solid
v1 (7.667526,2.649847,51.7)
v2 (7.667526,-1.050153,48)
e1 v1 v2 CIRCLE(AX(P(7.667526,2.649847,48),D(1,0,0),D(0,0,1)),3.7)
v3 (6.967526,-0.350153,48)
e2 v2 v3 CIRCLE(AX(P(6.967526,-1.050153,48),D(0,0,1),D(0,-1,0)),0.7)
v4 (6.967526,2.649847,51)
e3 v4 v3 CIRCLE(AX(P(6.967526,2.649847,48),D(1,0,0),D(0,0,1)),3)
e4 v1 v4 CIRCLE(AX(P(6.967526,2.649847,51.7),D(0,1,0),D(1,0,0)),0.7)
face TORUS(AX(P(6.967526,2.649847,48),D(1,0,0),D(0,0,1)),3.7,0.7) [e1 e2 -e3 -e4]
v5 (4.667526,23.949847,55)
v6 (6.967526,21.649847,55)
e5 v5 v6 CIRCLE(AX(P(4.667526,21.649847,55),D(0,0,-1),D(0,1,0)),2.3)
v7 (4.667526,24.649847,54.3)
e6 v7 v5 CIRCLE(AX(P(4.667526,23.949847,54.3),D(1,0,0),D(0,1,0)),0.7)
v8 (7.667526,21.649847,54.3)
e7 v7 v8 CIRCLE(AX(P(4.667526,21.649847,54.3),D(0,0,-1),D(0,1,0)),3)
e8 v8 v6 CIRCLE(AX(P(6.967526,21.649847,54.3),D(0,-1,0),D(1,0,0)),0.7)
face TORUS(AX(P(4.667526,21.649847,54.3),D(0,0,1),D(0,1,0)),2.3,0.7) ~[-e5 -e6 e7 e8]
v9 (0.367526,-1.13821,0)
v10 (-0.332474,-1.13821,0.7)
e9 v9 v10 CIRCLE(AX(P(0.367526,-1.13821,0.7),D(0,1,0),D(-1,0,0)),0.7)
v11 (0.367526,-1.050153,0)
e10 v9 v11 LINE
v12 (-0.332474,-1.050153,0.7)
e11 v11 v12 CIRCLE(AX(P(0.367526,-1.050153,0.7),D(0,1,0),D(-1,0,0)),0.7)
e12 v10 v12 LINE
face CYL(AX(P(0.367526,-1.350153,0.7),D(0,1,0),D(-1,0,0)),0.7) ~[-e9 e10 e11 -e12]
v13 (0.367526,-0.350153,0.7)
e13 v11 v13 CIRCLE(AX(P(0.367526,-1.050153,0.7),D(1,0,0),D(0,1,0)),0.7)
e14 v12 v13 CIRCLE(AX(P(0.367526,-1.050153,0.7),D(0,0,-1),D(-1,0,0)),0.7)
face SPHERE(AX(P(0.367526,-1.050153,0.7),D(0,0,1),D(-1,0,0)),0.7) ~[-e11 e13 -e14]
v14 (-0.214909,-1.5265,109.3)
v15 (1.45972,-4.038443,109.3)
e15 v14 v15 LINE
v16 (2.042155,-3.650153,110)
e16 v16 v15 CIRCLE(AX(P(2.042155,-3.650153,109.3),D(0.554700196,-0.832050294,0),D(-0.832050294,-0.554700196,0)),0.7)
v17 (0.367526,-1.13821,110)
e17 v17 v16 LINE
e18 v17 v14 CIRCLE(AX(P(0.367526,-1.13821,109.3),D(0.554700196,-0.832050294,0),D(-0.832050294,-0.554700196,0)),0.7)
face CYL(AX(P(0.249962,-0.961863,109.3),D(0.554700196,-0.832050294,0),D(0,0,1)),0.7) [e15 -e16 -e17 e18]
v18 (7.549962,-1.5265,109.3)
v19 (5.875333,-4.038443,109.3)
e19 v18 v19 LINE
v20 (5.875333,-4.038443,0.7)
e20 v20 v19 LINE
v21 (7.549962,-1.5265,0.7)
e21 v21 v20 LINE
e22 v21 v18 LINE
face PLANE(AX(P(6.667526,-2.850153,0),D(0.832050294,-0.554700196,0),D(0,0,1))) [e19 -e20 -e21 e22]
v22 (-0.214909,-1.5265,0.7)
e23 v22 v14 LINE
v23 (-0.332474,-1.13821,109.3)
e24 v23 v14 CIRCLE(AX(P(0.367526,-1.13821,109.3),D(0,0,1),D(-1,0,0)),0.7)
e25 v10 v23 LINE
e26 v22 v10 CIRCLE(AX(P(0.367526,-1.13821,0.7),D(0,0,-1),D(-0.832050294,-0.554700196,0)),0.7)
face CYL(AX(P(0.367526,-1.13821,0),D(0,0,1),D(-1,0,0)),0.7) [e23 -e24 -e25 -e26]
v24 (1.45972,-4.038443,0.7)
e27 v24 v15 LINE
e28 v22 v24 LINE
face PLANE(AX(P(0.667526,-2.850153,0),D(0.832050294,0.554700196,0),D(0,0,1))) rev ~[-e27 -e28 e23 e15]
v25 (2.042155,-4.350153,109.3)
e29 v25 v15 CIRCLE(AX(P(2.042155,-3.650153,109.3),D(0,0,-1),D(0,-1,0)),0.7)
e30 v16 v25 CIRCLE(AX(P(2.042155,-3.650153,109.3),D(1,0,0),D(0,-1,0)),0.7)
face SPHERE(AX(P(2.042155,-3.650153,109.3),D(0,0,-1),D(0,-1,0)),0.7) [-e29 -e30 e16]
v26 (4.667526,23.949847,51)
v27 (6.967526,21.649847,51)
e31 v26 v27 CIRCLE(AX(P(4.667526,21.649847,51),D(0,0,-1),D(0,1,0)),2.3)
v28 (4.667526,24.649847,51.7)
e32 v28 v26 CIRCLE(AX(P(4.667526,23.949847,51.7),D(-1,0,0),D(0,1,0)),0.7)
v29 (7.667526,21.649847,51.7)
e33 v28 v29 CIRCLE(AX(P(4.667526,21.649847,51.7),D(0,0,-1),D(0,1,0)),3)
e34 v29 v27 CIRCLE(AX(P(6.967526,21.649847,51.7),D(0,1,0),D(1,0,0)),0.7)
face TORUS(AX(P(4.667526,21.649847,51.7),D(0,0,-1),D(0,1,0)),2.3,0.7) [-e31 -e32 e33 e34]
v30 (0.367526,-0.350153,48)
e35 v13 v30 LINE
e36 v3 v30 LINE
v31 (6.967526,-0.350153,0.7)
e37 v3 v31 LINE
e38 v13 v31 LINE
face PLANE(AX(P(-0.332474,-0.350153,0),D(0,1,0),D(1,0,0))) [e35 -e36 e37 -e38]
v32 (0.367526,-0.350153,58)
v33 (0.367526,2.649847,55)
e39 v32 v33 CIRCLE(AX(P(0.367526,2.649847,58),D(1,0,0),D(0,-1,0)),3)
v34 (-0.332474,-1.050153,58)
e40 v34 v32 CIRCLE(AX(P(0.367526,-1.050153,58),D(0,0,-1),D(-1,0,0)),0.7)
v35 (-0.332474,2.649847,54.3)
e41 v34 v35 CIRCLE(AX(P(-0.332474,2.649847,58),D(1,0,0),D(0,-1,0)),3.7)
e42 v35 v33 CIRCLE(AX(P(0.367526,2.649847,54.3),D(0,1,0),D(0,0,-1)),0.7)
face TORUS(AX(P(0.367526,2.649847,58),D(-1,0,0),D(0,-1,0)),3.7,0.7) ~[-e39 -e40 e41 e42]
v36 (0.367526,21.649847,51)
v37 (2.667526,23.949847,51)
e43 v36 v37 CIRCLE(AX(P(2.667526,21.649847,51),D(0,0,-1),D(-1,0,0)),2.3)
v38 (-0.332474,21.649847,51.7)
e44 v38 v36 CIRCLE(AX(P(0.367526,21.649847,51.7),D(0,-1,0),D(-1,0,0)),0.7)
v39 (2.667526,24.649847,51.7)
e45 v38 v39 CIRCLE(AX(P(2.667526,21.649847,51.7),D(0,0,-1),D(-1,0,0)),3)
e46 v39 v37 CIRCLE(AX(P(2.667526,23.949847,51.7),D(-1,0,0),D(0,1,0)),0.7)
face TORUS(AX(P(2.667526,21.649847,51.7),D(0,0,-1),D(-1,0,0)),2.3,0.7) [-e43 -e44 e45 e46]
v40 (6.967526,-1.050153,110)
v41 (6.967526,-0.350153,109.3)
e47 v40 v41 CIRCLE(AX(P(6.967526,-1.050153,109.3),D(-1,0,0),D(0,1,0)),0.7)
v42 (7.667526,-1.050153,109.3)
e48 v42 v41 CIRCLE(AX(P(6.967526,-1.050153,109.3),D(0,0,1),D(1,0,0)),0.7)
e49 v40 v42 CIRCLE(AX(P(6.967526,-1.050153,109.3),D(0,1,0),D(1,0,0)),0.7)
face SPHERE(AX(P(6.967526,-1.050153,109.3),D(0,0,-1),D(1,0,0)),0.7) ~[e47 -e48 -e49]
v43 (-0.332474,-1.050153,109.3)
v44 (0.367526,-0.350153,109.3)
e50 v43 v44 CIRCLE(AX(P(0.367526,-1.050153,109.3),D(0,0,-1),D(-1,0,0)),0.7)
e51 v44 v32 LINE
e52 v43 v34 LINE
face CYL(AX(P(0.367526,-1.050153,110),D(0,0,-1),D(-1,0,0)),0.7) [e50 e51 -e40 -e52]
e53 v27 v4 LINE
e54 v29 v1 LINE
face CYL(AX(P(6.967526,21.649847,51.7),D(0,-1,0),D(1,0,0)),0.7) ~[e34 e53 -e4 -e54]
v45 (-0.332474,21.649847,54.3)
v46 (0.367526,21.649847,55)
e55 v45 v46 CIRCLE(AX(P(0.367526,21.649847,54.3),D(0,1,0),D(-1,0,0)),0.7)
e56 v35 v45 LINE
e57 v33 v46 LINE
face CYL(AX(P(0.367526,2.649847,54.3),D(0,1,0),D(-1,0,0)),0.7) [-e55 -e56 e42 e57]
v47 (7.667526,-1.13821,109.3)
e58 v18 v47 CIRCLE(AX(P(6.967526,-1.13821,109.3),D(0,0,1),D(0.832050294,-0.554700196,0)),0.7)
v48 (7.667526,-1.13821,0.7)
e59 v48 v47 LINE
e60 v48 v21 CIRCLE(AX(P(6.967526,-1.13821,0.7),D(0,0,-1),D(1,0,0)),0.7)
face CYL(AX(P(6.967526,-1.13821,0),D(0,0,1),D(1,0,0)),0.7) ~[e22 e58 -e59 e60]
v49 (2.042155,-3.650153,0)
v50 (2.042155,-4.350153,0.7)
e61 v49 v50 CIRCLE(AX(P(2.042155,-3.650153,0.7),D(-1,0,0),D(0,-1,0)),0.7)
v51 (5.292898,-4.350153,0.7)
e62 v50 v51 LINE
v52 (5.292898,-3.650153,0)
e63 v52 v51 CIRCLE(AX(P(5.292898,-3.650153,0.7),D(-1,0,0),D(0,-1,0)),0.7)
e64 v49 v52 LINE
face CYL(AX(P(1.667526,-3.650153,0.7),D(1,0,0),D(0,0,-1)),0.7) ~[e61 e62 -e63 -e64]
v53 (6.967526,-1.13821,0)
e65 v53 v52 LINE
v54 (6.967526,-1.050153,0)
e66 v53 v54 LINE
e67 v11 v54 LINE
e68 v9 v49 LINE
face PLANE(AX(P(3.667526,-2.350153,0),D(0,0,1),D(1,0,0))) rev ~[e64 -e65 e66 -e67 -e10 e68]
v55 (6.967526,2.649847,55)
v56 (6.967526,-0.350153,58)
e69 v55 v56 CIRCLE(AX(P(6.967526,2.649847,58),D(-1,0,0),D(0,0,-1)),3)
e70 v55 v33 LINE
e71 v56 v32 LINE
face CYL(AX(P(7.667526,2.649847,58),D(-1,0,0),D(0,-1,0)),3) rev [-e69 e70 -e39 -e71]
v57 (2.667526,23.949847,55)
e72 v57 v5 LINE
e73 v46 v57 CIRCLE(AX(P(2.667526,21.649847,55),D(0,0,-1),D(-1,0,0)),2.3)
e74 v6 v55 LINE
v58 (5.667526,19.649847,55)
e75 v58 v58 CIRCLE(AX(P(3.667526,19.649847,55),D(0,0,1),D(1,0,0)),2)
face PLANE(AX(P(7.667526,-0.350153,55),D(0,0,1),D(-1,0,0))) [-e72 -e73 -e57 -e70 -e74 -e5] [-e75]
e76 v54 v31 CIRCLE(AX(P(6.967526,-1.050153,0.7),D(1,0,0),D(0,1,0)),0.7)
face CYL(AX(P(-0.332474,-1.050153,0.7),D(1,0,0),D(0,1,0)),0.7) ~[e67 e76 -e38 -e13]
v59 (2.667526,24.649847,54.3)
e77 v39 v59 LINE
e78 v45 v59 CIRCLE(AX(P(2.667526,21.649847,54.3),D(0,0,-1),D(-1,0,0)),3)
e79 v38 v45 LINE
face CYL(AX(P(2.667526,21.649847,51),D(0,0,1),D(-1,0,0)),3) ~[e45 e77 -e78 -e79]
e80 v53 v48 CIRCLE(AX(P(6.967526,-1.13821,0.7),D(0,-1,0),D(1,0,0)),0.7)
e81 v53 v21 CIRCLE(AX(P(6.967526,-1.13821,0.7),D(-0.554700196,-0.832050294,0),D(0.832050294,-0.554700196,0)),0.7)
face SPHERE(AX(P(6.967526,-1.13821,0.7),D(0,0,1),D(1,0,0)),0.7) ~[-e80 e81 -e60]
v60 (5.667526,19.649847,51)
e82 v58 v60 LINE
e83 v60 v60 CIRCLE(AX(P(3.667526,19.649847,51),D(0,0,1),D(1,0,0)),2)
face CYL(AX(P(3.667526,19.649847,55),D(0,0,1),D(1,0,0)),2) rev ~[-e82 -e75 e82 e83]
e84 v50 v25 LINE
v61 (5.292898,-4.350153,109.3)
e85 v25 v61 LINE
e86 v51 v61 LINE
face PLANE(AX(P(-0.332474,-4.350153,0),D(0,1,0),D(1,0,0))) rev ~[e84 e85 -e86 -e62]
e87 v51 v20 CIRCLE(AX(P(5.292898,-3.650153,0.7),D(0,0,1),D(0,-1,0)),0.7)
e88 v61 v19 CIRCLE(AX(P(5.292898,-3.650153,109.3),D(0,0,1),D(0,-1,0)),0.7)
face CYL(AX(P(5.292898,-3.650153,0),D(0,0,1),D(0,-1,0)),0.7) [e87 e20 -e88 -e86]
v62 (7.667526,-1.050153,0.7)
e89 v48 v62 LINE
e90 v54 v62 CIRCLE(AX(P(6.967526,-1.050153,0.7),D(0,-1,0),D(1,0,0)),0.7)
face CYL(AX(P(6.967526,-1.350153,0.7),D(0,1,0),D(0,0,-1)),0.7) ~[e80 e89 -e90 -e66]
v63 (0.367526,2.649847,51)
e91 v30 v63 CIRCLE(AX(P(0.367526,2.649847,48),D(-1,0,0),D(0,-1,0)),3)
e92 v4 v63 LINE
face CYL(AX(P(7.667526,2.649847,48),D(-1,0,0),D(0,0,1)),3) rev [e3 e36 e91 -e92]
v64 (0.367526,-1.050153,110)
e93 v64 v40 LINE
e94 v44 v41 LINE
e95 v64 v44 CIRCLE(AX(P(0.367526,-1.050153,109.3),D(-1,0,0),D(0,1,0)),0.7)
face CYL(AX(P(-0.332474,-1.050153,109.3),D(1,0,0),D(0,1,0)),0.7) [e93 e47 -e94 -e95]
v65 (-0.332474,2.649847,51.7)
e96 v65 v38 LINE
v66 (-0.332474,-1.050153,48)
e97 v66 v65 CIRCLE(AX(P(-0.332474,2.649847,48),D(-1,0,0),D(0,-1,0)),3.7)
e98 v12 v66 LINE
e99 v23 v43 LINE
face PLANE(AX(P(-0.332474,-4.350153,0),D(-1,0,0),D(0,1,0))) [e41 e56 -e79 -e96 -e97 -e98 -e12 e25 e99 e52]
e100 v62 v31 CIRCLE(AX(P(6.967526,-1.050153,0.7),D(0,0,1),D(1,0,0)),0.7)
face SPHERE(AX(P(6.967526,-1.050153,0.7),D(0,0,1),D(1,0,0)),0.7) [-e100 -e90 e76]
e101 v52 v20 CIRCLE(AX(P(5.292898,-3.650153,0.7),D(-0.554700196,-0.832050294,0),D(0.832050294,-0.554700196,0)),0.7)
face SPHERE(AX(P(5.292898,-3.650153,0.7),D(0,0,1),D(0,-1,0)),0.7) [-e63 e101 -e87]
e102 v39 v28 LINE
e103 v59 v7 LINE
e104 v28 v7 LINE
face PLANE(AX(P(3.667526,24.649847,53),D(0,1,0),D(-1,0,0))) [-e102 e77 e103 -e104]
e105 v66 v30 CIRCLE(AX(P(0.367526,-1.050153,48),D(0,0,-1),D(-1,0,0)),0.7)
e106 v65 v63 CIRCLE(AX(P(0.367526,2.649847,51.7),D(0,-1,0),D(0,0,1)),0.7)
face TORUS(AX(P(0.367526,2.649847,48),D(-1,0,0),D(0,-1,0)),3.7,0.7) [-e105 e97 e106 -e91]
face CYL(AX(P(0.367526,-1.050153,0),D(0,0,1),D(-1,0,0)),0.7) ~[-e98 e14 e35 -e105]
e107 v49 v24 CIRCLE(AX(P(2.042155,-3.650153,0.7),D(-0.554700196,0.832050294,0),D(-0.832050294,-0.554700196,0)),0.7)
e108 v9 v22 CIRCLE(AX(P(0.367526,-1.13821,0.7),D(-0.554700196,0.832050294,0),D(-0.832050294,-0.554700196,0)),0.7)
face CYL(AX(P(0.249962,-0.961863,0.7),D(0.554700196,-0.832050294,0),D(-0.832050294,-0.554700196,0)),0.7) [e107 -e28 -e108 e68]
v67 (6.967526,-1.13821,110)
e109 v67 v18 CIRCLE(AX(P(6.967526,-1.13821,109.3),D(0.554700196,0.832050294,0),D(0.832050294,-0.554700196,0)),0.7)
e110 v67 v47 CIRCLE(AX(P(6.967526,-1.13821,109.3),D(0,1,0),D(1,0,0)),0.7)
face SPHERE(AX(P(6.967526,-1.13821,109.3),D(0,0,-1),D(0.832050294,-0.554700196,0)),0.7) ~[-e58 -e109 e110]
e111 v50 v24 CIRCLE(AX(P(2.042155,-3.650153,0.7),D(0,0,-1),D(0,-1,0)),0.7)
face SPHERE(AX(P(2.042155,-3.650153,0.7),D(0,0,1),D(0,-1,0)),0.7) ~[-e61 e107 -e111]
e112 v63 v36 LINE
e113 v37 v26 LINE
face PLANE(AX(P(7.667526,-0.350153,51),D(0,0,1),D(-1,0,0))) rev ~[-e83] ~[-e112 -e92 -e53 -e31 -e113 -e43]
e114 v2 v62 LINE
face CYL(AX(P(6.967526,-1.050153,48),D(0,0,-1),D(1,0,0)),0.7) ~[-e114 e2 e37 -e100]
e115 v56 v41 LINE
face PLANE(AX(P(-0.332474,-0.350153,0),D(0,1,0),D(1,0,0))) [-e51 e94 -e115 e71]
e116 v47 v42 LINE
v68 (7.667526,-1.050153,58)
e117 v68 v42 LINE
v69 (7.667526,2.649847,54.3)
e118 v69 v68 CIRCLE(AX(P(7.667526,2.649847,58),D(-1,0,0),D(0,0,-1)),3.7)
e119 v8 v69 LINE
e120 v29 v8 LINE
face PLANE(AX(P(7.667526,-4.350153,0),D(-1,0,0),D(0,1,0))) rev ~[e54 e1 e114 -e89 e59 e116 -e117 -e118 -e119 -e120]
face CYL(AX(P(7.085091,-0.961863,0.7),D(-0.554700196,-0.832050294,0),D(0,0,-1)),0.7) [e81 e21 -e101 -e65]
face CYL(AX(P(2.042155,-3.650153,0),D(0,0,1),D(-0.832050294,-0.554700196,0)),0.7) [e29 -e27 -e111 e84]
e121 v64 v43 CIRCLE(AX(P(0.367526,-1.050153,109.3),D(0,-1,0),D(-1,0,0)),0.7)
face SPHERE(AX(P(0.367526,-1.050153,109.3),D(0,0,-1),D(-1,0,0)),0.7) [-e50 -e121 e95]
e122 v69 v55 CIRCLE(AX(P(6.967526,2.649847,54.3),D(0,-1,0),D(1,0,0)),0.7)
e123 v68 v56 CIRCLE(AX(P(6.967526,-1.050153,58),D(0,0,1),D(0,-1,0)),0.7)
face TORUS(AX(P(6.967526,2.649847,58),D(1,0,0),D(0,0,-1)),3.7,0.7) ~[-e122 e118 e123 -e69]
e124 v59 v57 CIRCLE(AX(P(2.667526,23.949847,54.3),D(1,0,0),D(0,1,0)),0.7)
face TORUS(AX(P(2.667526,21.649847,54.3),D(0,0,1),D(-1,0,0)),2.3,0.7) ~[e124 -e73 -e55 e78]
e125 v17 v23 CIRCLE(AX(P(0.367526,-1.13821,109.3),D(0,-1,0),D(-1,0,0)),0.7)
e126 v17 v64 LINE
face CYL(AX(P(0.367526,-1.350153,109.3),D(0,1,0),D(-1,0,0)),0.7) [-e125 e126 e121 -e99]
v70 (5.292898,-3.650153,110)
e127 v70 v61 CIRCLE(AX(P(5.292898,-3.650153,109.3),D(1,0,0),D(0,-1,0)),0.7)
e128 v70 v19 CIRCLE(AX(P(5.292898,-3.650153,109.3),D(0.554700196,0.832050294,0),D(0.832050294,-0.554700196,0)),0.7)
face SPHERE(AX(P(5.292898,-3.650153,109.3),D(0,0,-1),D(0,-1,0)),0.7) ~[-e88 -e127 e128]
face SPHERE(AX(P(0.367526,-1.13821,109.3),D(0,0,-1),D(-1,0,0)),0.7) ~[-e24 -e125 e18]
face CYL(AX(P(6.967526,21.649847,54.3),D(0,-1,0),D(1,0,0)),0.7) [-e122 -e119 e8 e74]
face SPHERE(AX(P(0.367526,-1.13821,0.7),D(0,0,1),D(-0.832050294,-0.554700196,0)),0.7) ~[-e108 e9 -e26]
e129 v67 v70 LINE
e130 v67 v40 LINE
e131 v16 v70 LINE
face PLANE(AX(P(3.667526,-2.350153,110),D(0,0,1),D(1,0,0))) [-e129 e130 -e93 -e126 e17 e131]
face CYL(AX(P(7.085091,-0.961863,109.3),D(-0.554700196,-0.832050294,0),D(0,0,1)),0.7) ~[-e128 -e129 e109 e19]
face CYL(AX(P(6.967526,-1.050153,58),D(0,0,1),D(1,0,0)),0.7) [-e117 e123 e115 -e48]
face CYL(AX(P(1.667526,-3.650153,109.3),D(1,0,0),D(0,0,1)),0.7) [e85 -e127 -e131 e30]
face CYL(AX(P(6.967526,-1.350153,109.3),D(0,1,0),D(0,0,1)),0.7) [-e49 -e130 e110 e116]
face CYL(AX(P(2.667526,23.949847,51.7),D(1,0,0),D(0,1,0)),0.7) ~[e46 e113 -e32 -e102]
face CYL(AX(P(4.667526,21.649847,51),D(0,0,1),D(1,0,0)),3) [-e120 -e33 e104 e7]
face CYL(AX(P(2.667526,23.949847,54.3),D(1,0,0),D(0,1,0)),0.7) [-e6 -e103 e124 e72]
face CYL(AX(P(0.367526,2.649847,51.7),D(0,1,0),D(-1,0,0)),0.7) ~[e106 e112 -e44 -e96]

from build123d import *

# Parameters (mm, degrees)
F0_W       = 8
F0_H       = 4
F1_DEPTH   = 110
F2_W       = 8
F2_H       = 4
F3_DEPTH   = 25
F4_R       = 2
F5_DEPTH   = 55.001
F6_R       = 3
F7_SIZE2   = 2
F7_SIZE    = 3
F7_2_SIZE2 = 2
F7_2_SIZE  = 3
F8_R       = 3
F9_R       = 0.7


with BuildPart() as f1:
    # F0 (on Top) → F1 (new body)
    with BuildSketch(Plane.XY):
        with Locations((3.6675264128, -2.3501528167)):
            Rectangle(F0_W, F0_H)
    extrude(amount=F1_DEPTH)

    # F2 (on face) → F3 (join)
    with BuildSketch(Plane(origin=(0, -0.3501528167, 0), x_dir=(-1, 0, 0), z_dir=(0, 1, 0))):
        with Locations((-3.6675264128, 53)):
            Rectangle(F2_W, F2_H)
    extrude(amount=F3_DEPTH)

    # F4 (on face) → F5 (cut, through all)
    with BuildSketch(Plane.XY.offset(55)):
        with Locations((3.6675264128, 19.6498471833)):
            Circle(F4_R)
    extrude(amount=-F5_DEPTH, mode=Mode.SUBTRACT)

    # F6
    f6_edges = [f1.edges().sort_by_distance(p)[0] for p in [
        (3.667526, -0.350153, 55),
        (3.667526, -0.350153, 51),
    ]]
    fillet(f6_edges, radius=F6_R)

    # F7
    f7_edges = [f1.edges().sort_by_distance(p)[0] for p in [
        (7.667526, -4.350153, 55),
    ]]
    f7_side = f1.faces().sort_by_distance((7.667526, 0.334925, 54.618055))[0]
    chamfer(f7_edges, length=F7_SIZE, length2=F7_SIZE2, reference=f7_side)

    # F7#2
    f7_2_edges = [f1.edges().sort_by_distance(p)[0] for p in [
        (-0.332474, -4.350153, 55),
    ]]
    f7_2_side = f1.faces().sort_by_distance((-0.332474, 0.334925, 54.618055))[0]
    chamfer(f7_2_edges, length=F7_2_SIZE, length2=F7_2_SIZE2, reference=f7_2_side)

    # F8
    f8_edges = [f1.edges().sort_by_distance(p)[0] for p in [
        (7.667526, 24.649847, 53),
        (-0.332474, 24.649847, 53),
    ]]
    fillet(f8_edges, radius=F8_R)

    # F9
    f9_edges = [f1.edges().sort_by_distance(p)[0] for p in [
        (-0.332474, 12.149847, 51),
        (-0.332474, 21.649847, 53),
        (-0.332474, 0.528527, 50.12132),
        (-0.332474, 12.149847, 55),
        (-0.332474, -0.350153, 24),
        (-0.332474, 0.528527, 55.87868),
        (-0.332474, -0.850153, 0),
        (-0.332474, -0.350153, 84),
        (-0.332474, -1.350153, 55),
        (-0.332474, -0.850153, 110),
        (7.667526, 12.149847, 55),
        (7.667526, 21.649847, 53),
        (7.667526, 0.528527, 55.87868),
        (7.667526, 12.149847, 51),
        (7.667526, -0.350153, 84),
        (7.667526, 0.528527, 50.12132),
        (7.667526, -0.850153, 110),
        (7.667526, -0.350153, 24),
        (7.667526, -1.350153, 55),
        (7.667526, -0.850153, 0),
        (3.667526, -4.350153, 110),
        (0.667526, -2.850153, 110),
        (6.667526, -2.850153, 110),
        (3.667526, -0.350153, 110),
        (3.667526, -4.350153, 0),
        (0.667526, -2.850153, 0),
        (6.667526, -2.850153, 0),
        (3.667526, -0.350153, 0),
        (1.667526, -4.350153, 55),
        (5.667526, -4.350153, 55),
    ]]
    fillet(f9_edges, radius=F9_R)


solid = f1.part
